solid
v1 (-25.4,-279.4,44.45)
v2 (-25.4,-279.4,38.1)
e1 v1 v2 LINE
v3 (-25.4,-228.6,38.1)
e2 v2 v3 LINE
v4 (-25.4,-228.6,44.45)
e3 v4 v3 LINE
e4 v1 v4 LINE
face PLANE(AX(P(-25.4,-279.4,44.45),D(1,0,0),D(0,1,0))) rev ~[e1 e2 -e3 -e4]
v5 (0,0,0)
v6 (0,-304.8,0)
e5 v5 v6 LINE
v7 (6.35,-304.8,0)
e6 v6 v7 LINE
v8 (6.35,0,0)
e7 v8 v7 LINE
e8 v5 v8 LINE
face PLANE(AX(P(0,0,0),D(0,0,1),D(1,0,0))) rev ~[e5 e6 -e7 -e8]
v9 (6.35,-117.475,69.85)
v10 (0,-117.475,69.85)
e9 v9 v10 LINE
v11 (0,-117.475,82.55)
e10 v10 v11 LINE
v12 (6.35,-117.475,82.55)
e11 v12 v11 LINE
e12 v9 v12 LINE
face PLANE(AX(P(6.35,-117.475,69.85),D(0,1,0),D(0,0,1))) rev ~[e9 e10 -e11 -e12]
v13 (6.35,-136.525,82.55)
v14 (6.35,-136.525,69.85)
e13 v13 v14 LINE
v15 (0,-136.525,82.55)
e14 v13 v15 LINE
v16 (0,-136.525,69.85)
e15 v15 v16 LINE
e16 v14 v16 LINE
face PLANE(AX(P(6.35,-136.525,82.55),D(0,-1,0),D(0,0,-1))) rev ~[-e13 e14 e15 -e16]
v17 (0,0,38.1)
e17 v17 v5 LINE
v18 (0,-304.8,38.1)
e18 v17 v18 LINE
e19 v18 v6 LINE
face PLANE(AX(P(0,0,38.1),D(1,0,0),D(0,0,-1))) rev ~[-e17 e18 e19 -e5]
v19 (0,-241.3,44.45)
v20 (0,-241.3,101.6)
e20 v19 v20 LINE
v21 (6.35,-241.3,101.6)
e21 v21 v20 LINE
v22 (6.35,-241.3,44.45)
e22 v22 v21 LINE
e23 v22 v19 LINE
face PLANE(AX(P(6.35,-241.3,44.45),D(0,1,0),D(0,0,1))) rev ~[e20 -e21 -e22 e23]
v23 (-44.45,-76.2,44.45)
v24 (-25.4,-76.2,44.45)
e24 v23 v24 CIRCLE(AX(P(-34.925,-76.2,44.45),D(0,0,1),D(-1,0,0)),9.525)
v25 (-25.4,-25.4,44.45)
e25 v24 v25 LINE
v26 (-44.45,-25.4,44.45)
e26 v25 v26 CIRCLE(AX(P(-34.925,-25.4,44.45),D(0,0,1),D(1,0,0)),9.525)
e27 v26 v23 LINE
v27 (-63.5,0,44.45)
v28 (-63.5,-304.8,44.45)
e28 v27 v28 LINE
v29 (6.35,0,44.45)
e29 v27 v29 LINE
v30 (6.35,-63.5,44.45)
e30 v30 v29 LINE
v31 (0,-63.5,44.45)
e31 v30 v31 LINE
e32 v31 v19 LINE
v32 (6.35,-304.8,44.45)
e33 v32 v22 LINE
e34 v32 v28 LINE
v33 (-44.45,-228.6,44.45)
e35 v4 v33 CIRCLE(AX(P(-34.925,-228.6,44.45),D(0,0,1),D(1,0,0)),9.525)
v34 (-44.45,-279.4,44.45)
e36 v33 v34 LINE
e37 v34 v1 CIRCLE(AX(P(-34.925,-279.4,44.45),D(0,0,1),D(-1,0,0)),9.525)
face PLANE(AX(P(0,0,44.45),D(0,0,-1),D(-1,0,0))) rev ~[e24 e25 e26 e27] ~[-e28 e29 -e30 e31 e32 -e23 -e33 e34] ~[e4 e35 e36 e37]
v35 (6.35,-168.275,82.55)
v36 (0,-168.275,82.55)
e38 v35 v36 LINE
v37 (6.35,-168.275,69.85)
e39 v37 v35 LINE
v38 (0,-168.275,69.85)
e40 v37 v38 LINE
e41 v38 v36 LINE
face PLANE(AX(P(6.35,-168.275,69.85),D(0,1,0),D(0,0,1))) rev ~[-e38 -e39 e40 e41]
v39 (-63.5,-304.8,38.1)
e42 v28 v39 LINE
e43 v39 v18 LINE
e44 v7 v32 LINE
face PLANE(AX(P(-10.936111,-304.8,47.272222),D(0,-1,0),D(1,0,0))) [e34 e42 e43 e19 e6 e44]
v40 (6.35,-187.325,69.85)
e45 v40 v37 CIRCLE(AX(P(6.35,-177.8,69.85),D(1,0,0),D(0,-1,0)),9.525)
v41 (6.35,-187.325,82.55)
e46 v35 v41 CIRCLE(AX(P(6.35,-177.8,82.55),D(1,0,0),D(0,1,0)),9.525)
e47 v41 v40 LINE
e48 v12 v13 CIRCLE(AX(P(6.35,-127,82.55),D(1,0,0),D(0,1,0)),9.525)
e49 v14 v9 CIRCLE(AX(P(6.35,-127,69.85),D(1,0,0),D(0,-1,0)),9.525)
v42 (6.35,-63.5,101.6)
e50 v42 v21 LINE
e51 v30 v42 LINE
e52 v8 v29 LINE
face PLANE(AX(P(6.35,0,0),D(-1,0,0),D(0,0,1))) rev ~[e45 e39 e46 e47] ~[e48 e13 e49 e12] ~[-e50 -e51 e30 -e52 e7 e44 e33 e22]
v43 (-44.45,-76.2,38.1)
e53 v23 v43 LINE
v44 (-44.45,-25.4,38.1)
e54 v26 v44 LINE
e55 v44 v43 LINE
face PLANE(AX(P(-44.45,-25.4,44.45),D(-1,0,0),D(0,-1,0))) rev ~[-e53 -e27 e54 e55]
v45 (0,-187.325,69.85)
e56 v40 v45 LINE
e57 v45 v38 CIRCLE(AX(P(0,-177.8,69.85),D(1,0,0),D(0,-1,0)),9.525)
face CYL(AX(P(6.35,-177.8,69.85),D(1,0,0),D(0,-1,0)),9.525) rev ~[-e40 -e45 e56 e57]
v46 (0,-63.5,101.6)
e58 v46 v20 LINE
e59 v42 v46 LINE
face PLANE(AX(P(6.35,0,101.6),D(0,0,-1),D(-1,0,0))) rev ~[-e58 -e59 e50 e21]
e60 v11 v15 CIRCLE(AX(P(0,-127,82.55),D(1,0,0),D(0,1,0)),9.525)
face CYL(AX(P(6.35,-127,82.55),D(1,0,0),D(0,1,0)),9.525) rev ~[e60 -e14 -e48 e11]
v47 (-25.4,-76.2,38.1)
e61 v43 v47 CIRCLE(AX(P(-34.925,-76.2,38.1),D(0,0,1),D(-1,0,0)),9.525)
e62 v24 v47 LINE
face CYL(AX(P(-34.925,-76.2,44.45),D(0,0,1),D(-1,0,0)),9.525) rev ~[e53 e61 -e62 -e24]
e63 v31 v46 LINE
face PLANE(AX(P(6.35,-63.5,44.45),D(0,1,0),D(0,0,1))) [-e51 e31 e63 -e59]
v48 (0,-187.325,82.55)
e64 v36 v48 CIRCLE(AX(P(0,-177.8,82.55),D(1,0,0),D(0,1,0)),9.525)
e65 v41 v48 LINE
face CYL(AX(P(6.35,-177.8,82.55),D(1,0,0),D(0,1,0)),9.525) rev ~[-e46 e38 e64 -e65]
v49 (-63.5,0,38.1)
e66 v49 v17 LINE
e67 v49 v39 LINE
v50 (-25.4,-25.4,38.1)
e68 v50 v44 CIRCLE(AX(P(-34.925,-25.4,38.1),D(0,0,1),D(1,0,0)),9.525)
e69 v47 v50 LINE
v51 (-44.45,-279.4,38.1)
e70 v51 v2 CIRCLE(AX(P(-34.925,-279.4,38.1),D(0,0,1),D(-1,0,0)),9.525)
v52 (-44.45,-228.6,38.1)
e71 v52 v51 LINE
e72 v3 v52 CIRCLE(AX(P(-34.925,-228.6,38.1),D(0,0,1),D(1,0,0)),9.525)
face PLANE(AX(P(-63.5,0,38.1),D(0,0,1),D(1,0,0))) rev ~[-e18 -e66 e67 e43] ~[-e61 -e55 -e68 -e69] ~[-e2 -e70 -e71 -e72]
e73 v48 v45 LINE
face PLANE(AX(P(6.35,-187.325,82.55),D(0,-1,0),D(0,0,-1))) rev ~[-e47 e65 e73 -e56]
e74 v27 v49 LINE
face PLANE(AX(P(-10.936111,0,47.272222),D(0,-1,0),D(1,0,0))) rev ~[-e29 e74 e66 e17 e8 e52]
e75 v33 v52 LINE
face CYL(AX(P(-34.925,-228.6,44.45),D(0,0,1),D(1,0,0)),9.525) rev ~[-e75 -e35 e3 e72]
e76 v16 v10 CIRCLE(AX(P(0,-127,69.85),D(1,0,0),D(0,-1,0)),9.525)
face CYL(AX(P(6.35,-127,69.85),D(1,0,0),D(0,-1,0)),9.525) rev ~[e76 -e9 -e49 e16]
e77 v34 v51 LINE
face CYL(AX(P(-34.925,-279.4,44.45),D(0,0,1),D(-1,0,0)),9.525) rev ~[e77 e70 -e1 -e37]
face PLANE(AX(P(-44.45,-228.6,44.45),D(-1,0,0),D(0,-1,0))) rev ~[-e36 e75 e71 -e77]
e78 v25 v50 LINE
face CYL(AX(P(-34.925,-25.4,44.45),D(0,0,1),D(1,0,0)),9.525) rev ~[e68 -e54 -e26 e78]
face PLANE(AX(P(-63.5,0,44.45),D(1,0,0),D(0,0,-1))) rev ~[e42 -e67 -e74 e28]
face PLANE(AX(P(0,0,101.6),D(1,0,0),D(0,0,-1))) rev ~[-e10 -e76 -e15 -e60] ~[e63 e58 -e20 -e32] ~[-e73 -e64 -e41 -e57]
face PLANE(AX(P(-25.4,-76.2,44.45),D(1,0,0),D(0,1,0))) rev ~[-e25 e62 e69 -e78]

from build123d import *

# Parameters (mm, degrees)
F1_DEPTH = 304.8
F2_W     = 63.5
F2_H     = 57.15
F3_DEPTH = 6.35
F5_DEPTH = 6.35


with BuildPart() as f1:
    # F0 (on Front) → F1 (new body)
    with BuildSketch(Plane.XZ):
        Polygon((0, 38.1), (0, 0), (6.35, 0), (6.35, 101.6), (0, 101.6), (0, 44.45), (-63.5, 44.45), (-63.5, 38.1), align=None)
    extrude(amount=F1_DEPTH)

    # F2 (on face) → F3 (cut, through all)
    with BuildSketch(Plane.YZ.offset(6.35)):
        with Locations((-273.05, 73.025)):
            Rectangle(F2_W, F2_H)
        with Locations((-31.75, 73.025)):
            Rectangle(F2_W, F2_H)
        with BuildLine():
            Line((-168.275, 69.85), (-168.275, 82.55))
            ThreePointArc((-168.275, 82.55), (-177.8, 92.075), (-187.325, 82.55))
            Line((-187.325, 82.55), (-187.325, 69.85))
            ThreePointArc((-187.325, 69.85), (-177.8, 60.325), (-168.275, 69.85))
        make_face()
        with BuildLine():
            ThreePointArc((-117.475, 82.55), (-127, 92.075), (-136.525, 82.55))
            Line((-136.525, 82.55), (-136.525, 69.85))
            ThreePointArc((-136.525, 69.85), (-127, 60.325), (-117.475, 69.85))
            Line((-117.475, 69.85), (-117.475, 82.55))
        make_face()
    extrude(amount=-F3_DEPTH, mode=Mode.SUBTRACT)

    # F4 (on face) → F5 (cut, through all)
    with BuildSketch(Plane.XY.offset(44.45)):
        with BuildLine():
            Line((-25.4, -279.4), (-25.4, -228.6))
            ThreePointArc((-25.4, -228.6), (-34.925, -219.075), (-44.45, -228.6))
            Line((-44.45, -228.6), (-44.45, -279.4))
            ThreePointArc((-44.45, -279.4), (-34.925, -288.925), (-25.4, -279.4))
        make_face()
        with BuildLine():
            ThreePointArc((-44.45, -76.2), (-34.925, -85.725), (-25.4, -76.2))
            Line((-25.4, -76.2), (-25.4, -25.4))
            ThreePointArc((-25.4, -25.4), (-34.925, -15.875), (-44.45, -25.4))
            Line((-44.45, -25.4), (-44.45, -76.2))
        make_face()
    extrude(amount=-F5_DEPTH, mode=Mode.SUBTRACT)


solid = f1.part
